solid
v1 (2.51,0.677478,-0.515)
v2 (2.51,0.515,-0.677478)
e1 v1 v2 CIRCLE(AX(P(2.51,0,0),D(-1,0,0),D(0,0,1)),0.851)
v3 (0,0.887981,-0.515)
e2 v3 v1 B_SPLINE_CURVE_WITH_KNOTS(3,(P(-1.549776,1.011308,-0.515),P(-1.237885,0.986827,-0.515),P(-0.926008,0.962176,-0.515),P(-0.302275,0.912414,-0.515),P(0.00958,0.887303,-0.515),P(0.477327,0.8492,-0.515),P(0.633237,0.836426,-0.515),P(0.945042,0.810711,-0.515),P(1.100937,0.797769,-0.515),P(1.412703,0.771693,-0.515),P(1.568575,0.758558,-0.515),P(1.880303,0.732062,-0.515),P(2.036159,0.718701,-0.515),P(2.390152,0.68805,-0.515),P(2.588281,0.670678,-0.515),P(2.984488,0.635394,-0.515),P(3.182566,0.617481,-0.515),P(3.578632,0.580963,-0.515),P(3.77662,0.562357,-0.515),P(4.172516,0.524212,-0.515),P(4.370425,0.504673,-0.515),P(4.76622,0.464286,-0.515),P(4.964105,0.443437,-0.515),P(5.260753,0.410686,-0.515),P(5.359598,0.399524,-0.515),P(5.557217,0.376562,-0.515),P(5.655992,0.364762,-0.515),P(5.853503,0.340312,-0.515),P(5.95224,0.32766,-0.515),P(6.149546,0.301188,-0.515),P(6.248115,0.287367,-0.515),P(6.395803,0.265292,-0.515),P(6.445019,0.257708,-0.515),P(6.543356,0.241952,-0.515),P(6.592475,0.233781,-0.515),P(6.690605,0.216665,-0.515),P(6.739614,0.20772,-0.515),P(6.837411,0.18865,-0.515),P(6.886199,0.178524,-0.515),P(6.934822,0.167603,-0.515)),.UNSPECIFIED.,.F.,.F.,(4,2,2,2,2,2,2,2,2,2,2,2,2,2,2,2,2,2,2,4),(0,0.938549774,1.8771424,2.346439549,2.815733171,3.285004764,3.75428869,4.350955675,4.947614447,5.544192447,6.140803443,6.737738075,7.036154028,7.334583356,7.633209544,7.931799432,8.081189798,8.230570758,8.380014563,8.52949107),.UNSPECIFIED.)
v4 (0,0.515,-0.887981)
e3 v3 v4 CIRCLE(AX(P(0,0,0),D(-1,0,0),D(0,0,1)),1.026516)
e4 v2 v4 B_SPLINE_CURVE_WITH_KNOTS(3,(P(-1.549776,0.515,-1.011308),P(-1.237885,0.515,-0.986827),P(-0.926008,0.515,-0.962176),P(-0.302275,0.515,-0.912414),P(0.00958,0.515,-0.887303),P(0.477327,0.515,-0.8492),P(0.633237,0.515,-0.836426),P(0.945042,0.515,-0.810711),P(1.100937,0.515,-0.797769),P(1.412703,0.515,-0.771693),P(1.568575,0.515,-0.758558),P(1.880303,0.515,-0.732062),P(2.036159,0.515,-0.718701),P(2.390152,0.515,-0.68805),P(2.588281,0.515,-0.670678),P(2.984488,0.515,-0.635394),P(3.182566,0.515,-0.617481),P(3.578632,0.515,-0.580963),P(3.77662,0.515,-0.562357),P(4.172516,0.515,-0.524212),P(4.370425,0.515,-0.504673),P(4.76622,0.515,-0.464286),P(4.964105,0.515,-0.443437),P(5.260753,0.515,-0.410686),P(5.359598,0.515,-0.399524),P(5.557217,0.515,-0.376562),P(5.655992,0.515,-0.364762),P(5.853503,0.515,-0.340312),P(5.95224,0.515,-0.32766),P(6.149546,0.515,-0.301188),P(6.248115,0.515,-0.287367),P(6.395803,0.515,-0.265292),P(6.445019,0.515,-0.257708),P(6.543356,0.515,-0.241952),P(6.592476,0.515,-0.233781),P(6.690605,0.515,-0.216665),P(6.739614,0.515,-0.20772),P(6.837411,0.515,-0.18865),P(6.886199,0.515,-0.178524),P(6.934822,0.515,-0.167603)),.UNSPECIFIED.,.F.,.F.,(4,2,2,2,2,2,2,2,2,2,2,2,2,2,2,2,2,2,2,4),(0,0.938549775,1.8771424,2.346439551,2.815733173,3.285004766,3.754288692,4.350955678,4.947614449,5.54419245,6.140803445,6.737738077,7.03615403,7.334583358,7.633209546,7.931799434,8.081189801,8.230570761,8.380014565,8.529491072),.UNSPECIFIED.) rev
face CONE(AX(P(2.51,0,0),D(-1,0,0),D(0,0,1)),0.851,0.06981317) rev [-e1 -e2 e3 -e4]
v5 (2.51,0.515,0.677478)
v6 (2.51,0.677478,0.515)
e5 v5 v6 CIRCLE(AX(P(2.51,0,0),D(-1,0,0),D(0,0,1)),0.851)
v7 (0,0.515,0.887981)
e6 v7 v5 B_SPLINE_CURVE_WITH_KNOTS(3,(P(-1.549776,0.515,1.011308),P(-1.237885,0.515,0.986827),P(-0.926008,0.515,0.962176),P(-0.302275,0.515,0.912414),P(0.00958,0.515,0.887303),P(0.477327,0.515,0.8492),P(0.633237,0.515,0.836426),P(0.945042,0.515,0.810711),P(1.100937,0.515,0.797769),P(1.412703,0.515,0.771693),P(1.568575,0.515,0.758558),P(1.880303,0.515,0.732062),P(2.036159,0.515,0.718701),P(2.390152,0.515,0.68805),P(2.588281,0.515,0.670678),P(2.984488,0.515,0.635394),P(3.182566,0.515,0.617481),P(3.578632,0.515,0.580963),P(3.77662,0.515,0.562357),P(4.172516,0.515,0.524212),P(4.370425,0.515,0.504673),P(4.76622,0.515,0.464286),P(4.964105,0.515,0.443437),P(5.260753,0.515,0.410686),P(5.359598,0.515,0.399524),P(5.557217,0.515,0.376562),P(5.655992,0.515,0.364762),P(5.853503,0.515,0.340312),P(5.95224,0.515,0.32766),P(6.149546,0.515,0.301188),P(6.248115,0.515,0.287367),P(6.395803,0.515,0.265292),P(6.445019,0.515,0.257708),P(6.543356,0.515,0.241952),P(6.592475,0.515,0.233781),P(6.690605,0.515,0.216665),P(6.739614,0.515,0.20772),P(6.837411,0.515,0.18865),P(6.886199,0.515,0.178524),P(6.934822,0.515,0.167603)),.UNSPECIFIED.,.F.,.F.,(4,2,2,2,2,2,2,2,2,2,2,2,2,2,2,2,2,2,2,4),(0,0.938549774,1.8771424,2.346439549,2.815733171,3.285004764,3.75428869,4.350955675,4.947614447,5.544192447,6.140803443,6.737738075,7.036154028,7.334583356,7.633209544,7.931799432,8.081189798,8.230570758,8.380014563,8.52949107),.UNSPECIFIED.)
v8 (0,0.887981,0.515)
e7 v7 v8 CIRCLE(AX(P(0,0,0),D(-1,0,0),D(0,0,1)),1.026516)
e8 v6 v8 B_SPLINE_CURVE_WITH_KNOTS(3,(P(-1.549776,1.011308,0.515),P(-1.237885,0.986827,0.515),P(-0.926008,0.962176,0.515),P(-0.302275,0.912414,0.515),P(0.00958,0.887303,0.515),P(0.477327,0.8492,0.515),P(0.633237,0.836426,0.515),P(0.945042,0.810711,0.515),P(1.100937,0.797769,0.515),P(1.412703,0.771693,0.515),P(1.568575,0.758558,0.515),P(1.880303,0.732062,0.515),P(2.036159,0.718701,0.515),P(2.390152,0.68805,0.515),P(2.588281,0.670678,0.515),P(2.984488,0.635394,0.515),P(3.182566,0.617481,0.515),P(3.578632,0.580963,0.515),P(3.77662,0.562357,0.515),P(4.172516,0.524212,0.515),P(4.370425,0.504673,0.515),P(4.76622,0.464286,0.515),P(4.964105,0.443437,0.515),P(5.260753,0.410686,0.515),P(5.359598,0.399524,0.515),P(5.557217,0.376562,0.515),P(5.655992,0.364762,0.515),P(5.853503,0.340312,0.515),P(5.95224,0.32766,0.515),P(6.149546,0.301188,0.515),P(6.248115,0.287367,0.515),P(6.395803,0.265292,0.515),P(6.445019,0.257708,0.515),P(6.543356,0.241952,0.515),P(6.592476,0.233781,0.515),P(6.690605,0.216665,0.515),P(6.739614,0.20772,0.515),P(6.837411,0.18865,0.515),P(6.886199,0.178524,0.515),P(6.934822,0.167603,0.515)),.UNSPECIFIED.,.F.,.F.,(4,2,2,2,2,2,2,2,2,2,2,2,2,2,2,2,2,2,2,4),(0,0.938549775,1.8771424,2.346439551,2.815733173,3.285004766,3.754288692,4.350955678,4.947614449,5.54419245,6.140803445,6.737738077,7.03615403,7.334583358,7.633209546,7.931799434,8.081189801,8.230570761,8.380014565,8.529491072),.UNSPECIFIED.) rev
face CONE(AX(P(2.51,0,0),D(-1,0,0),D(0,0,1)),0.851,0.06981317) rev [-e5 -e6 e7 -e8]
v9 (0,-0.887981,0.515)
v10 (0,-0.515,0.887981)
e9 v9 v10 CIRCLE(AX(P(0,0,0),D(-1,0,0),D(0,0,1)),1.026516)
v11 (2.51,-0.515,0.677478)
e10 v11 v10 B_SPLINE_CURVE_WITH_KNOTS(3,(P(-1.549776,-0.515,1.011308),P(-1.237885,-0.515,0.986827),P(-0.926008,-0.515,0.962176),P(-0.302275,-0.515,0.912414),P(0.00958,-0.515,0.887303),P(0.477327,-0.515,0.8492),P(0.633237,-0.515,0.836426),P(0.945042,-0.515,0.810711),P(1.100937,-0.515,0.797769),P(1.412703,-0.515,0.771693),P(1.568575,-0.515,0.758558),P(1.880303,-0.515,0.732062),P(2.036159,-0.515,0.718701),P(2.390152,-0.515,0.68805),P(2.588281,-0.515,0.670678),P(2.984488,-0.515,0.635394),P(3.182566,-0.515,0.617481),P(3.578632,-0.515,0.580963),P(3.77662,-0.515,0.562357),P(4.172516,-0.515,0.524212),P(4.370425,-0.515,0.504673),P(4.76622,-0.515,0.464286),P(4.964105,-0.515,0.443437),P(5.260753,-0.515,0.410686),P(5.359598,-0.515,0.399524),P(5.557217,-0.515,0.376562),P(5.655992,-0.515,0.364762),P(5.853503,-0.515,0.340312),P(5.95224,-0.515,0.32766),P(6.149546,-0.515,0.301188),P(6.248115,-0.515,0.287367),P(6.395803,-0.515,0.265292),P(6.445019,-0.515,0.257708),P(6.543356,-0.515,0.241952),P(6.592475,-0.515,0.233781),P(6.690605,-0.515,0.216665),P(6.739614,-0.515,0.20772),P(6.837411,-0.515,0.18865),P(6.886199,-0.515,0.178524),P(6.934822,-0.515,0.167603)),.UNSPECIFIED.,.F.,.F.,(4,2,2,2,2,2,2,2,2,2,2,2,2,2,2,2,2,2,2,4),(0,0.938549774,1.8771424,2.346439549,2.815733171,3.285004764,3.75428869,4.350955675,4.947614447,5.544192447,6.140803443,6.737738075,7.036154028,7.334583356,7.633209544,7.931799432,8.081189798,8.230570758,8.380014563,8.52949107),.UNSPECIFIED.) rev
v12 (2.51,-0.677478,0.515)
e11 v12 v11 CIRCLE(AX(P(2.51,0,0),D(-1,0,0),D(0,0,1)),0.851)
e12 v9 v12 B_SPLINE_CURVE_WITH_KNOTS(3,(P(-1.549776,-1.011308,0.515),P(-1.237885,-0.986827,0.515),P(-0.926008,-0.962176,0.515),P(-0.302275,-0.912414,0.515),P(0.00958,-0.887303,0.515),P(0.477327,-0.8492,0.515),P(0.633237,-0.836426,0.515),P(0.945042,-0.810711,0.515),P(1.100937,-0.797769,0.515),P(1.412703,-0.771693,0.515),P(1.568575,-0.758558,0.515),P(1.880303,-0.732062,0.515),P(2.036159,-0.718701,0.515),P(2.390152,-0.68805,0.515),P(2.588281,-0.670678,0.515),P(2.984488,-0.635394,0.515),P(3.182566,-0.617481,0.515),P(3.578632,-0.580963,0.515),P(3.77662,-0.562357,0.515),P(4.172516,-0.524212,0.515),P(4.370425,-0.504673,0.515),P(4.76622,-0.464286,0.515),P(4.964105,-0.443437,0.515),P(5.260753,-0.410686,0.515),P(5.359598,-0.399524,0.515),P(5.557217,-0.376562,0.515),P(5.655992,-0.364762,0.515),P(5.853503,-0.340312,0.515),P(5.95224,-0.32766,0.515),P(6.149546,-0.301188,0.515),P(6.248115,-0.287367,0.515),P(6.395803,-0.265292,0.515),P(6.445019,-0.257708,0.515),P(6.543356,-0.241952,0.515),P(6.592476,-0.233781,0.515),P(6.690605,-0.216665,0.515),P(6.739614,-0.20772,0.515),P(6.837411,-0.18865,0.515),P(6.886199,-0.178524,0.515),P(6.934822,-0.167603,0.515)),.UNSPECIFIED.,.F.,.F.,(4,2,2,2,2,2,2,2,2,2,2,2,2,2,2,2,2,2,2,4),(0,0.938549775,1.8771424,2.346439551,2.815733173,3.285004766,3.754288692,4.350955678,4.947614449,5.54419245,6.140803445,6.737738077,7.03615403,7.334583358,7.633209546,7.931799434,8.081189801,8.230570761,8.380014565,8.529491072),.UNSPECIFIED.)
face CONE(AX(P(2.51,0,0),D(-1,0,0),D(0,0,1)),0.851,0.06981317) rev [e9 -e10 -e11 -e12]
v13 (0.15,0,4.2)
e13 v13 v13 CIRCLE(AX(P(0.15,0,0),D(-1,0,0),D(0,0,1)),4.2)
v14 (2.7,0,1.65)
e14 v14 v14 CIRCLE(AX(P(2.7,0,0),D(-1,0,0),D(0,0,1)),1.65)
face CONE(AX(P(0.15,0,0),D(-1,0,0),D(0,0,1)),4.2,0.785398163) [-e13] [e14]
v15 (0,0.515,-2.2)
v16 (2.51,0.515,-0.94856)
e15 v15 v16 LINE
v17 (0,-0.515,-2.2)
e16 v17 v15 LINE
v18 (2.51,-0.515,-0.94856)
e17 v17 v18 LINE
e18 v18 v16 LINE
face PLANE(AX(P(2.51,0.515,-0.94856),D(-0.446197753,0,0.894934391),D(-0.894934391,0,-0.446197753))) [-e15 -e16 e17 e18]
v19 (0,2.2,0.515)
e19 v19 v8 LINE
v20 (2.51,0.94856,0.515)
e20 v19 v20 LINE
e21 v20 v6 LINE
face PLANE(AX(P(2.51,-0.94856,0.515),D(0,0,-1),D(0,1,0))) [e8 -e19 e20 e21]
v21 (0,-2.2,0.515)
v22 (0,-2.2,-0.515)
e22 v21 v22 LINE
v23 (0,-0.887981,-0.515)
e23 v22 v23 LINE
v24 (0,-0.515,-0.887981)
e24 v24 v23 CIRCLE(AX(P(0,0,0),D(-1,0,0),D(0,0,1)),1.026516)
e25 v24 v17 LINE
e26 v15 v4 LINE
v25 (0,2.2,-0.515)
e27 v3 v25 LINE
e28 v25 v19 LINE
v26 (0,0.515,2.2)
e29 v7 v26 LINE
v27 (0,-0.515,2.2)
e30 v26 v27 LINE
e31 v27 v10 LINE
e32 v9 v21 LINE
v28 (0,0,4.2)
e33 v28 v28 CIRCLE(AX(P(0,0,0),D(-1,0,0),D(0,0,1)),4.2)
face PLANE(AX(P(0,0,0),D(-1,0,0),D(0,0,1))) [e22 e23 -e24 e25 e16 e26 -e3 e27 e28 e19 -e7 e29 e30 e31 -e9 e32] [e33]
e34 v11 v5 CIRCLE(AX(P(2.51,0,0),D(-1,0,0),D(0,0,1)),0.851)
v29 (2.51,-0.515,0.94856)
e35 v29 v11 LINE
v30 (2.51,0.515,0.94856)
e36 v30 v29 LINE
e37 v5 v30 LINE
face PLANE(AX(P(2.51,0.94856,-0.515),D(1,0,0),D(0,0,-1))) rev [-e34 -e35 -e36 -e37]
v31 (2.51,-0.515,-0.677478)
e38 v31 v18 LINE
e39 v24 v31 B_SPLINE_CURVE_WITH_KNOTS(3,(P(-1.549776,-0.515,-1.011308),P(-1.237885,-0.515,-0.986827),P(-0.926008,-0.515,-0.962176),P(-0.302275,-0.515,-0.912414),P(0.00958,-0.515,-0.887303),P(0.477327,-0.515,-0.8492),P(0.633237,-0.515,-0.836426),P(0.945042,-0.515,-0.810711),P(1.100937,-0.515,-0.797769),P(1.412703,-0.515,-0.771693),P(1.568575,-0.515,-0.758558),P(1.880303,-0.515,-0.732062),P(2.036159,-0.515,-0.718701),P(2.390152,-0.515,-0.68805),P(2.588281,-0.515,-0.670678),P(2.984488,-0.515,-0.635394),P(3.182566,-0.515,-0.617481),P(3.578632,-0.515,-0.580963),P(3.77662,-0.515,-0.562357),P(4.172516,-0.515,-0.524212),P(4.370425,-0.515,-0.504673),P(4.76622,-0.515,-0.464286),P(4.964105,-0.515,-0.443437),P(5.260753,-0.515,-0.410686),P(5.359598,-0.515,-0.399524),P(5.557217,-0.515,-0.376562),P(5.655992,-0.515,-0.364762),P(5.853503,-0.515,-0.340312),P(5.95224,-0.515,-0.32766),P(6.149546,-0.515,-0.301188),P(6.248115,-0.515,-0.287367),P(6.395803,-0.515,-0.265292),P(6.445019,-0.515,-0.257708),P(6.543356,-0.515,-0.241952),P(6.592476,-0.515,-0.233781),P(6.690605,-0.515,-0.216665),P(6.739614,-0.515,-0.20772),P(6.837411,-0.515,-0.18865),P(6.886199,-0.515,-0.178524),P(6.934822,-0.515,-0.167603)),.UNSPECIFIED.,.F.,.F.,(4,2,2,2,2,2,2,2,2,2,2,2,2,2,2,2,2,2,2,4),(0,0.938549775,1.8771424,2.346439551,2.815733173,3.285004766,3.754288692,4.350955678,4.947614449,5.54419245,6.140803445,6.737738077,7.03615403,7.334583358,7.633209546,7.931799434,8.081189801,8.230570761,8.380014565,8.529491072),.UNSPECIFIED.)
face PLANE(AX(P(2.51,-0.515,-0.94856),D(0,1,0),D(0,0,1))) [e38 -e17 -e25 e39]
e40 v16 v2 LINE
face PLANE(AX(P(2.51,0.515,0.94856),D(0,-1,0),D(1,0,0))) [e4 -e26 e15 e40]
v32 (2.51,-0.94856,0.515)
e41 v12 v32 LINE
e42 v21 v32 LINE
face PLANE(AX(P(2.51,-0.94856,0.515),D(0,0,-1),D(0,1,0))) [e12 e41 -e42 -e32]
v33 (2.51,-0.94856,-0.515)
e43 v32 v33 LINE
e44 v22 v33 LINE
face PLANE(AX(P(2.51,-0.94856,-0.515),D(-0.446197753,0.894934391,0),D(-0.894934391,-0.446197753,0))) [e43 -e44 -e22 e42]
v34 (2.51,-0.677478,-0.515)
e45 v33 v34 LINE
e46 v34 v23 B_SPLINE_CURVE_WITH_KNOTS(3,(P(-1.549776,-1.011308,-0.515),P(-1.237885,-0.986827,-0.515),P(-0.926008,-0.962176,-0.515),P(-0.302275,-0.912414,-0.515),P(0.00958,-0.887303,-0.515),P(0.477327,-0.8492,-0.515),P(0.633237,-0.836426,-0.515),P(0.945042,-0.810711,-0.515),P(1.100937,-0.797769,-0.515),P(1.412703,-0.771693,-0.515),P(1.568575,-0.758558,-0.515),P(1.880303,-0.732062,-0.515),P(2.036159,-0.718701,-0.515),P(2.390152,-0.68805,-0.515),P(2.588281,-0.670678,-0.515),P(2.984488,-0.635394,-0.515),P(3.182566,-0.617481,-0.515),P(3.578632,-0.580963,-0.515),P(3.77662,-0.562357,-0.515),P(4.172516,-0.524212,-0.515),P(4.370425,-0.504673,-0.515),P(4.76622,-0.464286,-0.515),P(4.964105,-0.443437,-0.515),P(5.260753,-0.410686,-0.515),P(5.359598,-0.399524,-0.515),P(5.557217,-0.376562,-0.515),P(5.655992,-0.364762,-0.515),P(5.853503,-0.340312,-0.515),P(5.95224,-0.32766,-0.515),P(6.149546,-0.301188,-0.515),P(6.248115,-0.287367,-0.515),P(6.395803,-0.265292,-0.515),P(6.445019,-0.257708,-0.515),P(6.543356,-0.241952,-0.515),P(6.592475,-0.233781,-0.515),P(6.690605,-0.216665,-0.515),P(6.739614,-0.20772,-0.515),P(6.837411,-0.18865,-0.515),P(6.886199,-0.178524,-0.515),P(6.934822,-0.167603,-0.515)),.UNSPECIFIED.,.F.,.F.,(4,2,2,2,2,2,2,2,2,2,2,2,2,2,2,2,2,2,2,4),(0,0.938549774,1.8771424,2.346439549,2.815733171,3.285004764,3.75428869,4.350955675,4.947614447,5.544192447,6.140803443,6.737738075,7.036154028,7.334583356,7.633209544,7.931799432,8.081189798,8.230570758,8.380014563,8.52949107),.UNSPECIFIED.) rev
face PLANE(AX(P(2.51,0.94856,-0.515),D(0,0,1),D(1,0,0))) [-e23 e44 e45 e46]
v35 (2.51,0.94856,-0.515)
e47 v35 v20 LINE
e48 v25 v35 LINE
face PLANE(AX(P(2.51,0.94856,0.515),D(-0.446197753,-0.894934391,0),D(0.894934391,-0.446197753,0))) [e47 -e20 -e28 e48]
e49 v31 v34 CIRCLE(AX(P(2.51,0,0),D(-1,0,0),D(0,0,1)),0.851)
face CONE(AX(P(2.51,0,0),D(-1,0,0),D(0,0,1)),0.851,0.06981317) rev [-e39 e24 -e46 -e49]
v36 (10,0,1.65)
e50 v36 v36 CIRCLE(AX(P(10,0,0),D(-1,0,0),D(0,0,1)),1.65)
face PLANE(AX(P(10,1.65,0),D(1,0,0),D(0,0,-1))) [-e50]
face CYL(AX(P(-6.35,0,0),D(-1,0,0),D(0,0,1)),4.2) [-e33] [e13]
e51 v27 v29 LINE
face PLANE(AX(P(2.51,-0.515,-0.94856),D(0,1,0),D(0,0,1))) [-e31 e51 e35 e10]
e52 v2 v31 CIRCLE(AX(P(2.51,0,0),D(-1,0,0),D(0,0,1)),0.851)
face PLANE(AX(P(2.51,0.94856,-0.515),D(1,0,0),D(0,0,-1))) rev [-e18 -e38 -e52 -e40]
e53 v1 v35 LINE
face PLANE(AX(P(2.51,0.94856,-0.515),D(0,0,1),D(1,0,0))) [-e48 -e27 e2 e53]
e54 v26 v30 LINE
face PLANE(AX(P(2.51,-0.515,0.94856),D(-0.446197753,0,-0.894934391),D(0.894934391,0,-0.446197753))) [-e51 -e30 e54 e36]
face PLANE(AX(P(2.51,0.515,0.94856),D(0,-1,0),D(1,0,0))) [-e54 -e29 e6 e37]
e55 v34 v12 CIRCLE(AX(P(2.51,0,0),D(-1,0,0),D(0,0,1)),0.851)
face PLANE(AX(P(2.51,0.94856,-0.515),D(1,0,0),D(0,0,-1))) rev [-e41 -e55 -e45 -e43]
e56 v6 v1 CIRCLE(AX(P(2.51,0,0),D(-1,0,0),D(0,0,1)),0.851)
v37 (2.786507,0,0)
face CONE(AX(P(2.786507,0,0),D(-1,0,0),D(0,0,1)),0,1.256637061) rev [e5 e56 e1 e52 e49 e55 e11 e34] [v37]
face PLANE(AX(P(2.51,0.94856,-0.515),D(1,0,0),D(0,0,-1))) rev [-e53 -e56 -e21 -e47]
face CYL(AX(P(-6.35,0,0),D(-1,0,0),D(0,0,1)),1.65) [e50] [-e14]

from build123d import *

# Parameters (mm, degrees)
RECPAT_COUNT = 2
RECPAT_ANGLE = 90


with BuildPart() as part:
    # BodySke → Base-Revolve (revolve)
    with BuildSketch(Plane.XY, mode=Mode.PRIVATE) as base_revolve_sk:
        Polygon((0, 0), (0, 4.2), (0.15, 4.2), (2.7, 1.65), (10, 1.65), (10, 0), align=None)
    revolve(base_revolve_sk.sketch.rotate(Axis((-6.35, 0, 0), (1, 0, 0)), 90), axis=Axis((-6.35, 0, 0), (1, 0, 0)))

    # Sketch3 → Recess section 0
    with BuildSketch(Plane.ZY):
        with BuildLine():
            Line((-0.515, 2.2), (0.515, 2.2))
            Line((0.515, 2.2), (0.515, -2.2))
            Line((0.515, -2.2), (-0.515, -2.2))
            Line((-0.515, -2.2), (-0.515, 2.2))
        make_face()
    # Sketch4 → Recess section 1
    with BuildSketch(Plane.ZY.offset(-2.51)):
        with BuildLine():
            Line((-0.515, 0.948560373), (0.515, 0.948560373))
            Line((0.515, 0.948560373), (0.515, -0.948560373))
            Line((0.515, -0.948560373), (-0.515, -0.948560373))
            Line((-0.515, -0.948560373), (-0.515, 0.948560373))
        make_face()
    recess = loft(mode=Mode.SUBTRACT)

    # RecPat: Recess ×2 about axis
    recpat_axis = Axis((0, 0, 0), (1, 0, 0))
    for i in range(1, RECPAT_COUNT):
        add(recess.rotate(recpat_axis, i * RECPAT_ANGLE / (RECPAT_COUNT - 1)), mode=Mode.SUBTRACT)

    # RecCorSke → RecessCore (revolve, cut)
    with BuildSketch(Plane.XY, mode=Mode.PRIVATE) as recesscore_sk:
        Polygon((0, 0), (0, 1.026516298), (2.51, 0.851), (2.786506661, 0), align=None)
    revolve(recesscore_sk.sketch.rotate(Axis((-3.175, 0, 0), (1, 0, 0)), 90), axis=Axis((-3.175, 0, 0), (1, 0, 0)), mode=Mode.SUBTRACT)


solid = part.part
